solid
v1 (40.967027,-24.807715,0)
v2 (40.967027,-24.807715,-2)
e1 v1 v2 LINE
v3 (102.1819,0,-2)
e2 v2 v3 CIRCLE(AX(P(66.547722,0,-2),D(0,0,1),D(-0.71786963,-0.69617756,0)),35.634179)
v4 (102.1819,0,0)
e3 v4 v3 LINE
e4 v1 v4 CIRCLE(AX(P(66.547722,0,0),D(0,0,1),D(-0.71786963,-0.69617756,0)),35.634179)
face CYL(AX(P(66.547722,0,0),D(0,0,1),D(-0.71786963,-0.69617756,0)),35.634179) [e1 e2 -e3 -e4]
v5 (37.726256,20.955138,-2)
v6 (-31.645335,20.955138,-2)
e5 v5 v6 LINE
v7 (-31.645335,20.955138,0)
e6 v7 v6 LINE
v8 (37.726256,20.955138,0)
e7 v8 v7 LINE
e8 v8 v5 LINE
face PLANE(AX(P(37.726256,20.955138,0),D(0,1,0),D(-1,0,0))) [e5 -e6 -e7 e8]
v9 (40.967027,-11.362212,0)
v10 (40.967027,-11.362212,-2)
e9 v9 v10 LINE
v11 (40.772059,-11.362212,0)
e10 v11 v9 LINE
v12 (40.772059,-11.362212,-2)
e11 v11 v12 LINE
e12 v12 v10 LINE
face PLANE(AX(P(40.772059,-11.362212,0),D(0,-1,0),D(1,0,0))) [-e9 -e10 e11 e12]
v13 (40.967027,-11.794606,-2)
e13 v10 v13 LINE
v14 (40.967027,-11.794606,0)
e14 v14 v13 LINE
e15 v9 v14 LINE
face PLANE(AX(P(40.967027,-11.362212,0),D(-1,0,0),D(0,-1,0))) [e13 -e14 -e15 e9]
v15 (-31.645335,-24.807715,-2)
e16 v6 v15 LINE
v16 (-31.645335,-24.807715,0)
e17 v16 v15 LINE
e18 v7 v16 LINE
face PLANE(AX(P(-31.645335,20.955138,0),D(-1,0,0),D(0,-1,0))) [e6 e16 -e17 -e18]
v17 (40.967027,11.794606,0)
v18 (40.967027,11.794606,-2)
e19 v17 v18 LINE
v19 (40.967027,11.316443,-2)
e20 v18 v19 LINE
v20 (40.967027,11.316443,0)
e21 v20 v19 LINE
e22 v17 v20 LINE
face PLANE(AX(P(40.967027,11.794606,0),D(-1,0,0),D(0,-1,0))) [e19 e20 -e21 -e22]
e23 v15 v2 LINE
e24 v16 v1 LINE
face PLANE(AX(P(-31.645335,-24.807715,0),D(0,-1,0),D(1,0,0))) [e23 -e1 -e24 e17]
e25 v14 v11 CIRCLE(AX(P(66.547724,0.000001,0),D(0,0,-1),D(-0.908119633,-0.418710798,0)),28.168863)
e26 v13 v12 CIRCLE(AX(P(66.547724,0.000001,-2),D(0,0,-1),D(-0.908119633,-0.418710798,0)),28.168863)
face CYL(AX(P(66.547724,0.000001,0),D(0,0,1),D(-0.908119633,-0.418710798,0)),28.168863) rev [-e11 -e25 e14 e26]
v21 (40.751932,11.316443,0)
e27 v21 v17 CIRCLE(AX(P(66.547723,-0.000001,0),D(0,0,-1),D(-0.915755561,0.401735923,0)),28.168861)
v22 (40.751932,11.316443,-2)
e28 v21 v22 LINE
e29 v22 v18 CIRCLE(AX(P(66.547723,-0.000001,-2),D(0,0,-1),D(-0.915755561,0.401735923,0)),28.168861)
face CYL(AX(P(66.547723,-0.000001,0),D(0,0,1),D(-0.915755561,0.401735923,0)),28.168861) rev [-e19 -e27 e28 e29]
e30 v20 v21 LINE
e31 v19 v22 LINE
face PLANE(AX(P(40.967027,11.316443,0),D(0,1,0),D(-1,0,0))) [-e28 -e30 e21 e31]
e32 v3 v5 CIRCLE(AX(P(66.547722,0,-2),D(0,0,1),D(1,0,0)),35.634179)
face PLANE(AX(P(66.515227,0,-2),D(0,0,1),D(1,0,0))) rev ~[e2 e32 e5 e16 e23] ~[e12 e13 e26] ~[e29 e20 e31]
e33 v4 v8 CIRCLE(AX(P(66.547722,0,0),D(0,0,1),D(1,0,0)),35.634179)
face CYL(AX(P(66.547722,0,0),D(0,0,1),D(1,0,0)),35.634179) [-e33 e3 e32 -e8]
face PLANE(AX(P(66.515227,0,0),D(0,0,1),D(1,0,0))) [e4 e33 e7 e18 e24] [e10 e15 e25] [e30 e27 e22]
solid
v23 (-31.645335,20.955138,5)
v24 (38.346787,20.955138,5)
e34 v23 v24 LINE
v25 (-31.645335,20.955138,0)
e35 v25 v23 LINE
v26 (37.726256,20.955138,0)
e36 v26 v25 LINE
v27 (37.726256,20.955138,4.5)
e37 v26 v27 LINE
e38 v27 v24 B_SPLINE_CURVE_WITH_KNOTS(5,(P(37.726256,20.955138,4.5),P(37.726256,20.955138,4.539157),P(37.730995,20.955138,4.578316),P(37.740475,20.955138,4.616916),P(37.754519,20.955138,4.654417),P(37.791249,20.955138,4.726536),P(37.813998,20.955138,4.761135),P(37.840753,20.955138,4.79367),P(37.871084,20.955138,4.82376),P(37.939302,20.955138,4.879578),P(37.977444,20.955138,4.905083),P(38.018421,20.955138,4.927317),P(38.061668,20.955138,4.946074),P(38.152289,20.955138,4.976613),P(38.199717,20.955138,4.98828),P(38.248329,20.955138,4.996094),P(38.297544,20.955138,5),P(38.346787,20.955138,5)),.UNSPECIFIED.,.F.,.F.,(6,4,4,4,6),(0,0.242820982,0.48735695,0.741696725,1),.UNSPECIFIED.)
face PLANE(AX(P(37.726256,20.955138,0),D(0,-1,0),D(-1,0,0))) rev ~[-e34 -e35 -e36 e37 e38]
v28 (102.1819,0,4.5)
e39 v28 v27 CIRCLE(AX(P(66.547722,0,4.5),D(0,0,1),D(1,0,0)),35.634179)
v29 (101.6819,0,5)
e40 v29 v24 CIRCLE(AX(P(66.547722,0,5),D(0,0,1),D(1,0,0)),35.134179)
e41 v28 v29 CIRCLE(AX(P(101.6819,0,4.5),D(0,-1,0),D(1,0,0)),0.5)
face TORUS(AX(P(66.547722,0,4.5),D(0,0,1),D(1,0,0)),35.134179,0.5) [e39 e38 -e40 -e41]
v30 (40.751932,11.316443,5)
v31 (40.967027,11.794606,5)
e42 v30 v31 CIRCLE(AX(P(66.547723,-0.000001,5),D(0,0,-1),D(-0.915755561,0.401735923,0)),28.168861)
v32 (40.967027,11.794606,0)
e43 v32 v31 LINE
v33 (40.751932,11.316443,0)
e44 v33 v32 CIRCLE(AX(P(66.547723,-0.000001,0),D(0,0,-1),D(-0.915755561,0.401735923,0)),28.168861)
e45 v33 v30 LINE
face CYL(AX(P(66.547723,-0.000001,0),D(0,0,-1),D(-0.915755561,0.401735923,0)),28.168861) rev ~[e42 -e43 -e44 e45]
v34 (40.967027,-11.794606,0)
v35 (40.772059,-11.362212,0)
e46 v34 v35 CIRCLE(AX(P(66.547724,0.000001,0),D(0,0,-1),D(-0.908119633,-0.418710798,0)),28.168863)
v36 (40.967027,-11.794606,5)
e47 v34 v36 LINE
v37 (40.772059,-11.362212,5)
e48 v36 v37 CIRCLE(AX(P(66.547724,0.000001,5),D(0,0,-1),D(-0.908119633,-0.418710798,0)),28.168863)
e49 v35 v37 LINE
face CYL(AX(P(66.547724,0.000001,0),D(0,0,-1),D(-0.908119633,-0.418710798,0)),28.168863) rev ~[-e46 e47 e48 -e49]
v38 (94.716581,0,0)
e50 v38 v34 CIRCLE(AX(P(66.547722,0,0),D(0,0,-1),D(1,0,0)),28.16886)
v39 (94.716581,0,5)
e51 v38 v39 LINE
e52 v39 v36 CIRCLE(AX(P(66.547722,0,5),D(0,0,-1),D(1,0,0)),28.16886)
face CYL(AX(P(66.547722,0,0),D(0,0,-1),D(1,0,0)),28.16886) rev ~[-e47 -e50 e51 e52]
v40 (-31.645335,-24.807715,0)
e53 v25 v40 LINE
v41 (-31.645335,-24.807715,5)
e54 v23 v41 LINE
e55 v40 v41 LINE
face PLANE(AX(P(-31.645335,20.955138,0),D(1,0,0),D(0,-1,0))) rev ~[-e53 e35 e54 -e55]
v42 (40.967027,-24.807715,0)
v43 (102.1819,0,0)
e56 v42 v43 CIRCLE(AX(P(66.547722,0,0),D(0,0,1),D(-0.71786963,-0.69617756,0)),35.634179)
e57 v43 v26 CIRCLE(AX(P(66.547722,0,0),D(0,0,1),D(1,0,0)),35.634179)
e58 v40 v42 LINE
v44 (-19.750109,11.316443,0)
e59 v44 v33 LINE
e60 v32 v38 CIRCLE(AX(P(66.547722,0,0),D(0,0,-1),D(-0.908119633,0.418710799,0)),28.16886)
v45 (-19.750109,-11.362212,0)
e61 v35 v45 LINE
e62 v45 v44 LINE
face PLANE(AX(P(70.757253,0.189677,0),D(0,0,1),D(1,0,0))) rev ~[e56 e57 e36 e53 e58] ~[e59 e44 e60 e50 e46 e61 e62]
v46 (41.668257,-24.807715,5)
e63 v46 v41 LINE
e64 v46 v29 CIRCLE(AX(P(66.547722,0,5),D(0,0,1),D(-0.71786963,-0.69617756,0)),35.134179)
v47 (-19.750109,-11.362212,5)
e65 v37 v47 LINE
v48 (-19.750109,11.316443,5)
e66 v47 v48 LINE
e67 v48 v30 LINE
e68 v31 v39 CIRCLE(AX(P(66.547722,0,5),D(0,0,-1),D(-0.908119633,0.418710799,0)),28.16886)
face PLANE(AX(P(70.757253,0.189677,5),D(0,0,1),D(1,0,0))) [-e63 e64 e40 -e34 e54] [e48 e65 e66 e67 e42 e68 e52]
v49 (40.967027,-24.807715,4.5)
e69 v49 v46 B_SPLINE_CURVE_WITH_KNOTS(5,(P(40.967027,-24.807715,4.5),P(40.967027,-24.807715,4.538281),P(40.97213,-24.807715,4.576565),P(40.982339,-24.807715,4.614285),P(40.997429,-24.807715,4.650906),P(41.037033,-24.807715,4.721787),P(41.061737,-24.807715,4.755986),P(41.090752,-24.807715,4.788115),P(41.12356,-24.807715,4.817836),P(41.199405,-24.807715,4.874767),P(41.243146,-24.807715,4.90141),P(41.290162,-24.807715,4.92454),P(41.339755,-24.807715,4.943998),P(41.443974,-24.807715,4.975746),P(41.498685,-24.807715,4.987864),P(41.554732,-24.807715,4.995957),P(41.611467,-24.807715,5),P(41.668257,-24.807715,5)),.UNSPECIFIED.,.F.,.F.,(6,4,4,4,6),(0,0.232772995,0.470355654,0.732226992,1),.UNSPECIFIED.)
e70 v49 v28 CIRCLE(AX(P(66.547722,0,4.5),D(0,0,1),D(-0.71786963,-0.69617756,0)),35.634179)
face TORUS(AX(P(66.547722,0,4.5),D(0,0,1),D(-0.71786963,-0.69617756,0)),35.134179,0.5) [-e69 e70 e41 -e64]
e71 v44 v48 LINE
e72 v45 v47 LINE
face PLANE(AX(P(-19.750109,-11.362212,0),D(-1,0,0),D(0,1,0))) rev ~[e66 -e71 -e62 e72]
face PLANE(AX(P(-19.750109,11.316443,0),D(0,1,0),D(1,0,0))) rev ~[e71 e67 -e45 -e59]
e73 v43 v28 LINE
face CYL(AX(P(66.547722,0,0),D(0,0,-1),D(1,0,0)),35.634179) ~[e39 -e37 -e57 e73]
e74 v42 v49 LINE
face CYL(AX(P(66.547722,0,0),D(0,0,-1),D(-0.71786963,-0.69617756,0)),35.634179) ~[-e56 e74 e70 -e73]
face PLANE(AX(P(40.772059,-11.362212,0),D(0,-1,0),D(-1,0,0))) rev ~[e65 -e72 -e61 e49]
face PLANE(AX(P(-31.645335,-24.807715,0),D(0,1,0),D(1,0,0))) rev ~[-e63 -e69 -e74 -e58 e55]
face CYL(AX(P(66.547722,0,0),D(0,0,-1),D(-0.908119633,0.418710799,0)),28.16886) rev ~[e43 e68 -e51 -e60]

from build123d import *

# Parameters (mm, degrees)
F1_DEPTH = 5
F2_DEPTH = 2
F3_R     = 0.5


with BuildPart() as f1:
    # F0 (on Top) → F1 (new body)
    with BuildSketch(Plane.XY):
        with BuildLine():
            Line((40.9670270449, -11.7946057751), (40.9670270449, -24.8077154982))
            ThreePointArc((40.9670270449, -24.8077154982), (79.9314364383, -33.0253063754), (102.1819002091, 0))
            ThreePointArc((102.1819002091, 0), (77.5651040623, 33.8882275669), (37.7262560363, 20.9551379085))
            Line((37.7262560363, 20.9551379085), (40.9670270449, 20.9551379085))
            Line((40.9670270449, 20.9551379085), (40.9670270449, 11.7946057751))
            ThreePointArc((40.9670270449, 11.7946057751), (72.5853396238, 27.5142114088), (94.7165813911, 0))
            ThreePointArc((94.7165813911, 0), (72.5853396238, -27.5142114088), (40.9670270449, -11.7946057751))
        make_face()
        with BuildLine():
            ThreePointArc((32.7735476611, -11.3622117788), (36.1183690598, -18.5431708699), (40.9670270449, -24.8077154982))
            Line((40.9670270449, -24.8077154982), (40.9670270449, -11.7946057751))
            ThreePointArc((40.9670270449, -11.7946057751), (40.868632708, -11.578819153), (40.7720586057, -11.3622117788))
            Line((40.7720586057, -11.3622117788), (32.7735476611, -11.3622117788))
        make_face()
        with BuildLine():
            Line((-31.6453352571, -24.8077154982), (40.9670270449, -24.8077154982))
            ThreePointArc((40.9670270449, -24.8077154982), (36.1183690598, -18.5431708699), (32.7735476611, -11.3622117788))
            Line((32.7735476611, -11.3622117788), (-19.7501089424, -11.3622117788))
            Line((-19.7501089424, -11.3622117788), (-19.7501089424, 11.3164428622))
            Line((-19.7501089424, 11.3164428622), (32.7581847179, 11.3164428622))
            ThreePointArc((32.7581847179, 11.3164428622), (34.8734336467, 16.3258740812), (37.7262560363, 20.9551379085))
            Line((37.7262560363, 20.9551379085), (-31.6453352571, 20.9551379085))
            Line((-31.6453352571, 20.9551379085), (-31.6453352571, -24.8077154982))
        make_face()
        with BuildLine():
            Line((40.9670270449, 20.9551379085), (37.7262560363, 20.9551379085))
            ThreePointArc((37.7262560363, 20.9551379085), (34.8734336467, 16.3258740812), (32.7581847179, 11.3164428622))
            Line((32.7581847179, 11.3164428622), (40.7519316287, 11.3164428622))
            ThreePointArc((40.7519316287, 11.3164428622), (40.8583667908, 11.5560247831), (40.9670270449, 11.7946057751))
            Line((40.9670270449, 11.7946057751), (40.9670270449, 20.9551379085))
        make_face()
    extrude(amount=F1_DEPTH)

    # F3
    f3_edges = [f1.edges().sort_by_distance(p)[0] for p in [
        (102.092882, 2.517188, 5),
    ]]
    fillet(f3_edges, radius=F3_R)


with BuildPart() as f2:
    # F0 (on Top) → F2 (new body)
    with BuildSketch(Plane.XY):
        with BuildLine():
            Line((40.9670270449, -11.3622117788), (40.9670270449, -11.7946057751))
            ThreePointArc((40.9670270449, -11.7946057751), (72.5853396238, -27.5142114088), (94.7165813911, 0))
            ThreePointArc((94.7165813911, 0), (72.5853396238, 27.5142114088), (40.9670270449, 11.7946057751))
            Line((40.9670270449, 11.7946057751), (40.9670270449, 11.3164428622))
            Line((40.9670270449, 11.3164428622), (40.9670270449, -11.3622117788))
        make_face()
        with BuildLine():
            Line((-19.7501089424, -11.3622117788), (32.7735476611, -11.3622117788))
            ThreePointArc((32.7735476611, -11.3622117788), (30.9135512158, -0.024139251), (32.7581847179, 11.3164428622))
            Line((32.7581847179, 11.3164428622), (-19.7501089424, 11.3164428622))
            Line((-19.7501089424, 11.3164428622), (-19.7501089424, -11.3622117788))
        make_face()
        with BuildLine():
            Line((40.7720586057, -11.3622117788), (40.9670270449, -11.3622117788))
            Line((40.9670270449, -11.3622117788), (40.9670270449, 11.3164428622))
            Line((40.9670270449, 11.3164428622), (40.7519316287, 11.3164428622))
            ThreePointArc((40.7519316287, 11.3164428622), (38.378872951, -0.0249994447), (40.7720586057, -11.3622117788))
        make_face()
        with BuildLine():
            ThreePointArc((32.7735476611, -11.3622117788), (36.1183690598, -18.5431708699), (40.9670270449, -24.8077154982))
            Line((40.9670270449, -24.8077154982), (40.9670270449, -11.7946057751))
            ThreePointArc((40.9670270449, -11.7946057751), (40.868632708, -11.578819153), (40.7720586057, -11.3622117788))
            Line((40.7720586057, -11.3622117788), (32.7735476611, -11.3622117788))
        make_face()
        with BuildLine():
            Line((-31.6453352571, -24.8077154982), (40.9670270449, -24.8077154982))
            ThreePointArc((40.9670270449, -24.8077154982), (36.1183690598, -18.5431708699), (32.7735476611, -11.3622117788))
            Line((32.7735476611, -11.3622117788), (-19.7501089424, -11.3622117788))
            Line((-19.7501089424, -11.3622117788), (-19.7501089424, 11.3164428622))
            Line((-19.7501089424, 11.3164428622), (32.7581847179, 11.3164428622))
            ThreePointArc((32.7581847179, 11.3164428622), (34.8734336467, 16.3258740812), (37.7262560363, 20.9551379085))
            Line((37.7262560363, 20.9551379085), (-31.6453352571, 20.9551379085))
            Line((-31.6453352571, 20.9551379085), (-31.6453352571, -24.8077154982))
        make_face()
        with BuildLine():
            Line((40.9670270449, 20.9551379085), (37.7262560363, 20.9551379085))
            ThreePointArc((37.7262560363, 20.9551379085), (34.8734336467, 16.3258740812), (32.7581847179, 11.3164428622))
            Line((32.7581847179, 11.3164428622), (40.7519316287, 11.3164428622))
            ThreePointArc((40.7519316287, 11.3164428622), (40.8583667908, 11.5560247831), (40.9670270449, 11.7946057751))
            Line((40.9670270449, 11.7946057751), (40.9670270449, 20.9551379085))
        make_face()
        with BuildLine():
            Line((40.9670270449, -11.7946057751), (40.9670270449, -24.8077154982))
            ThreePointArc((40.9670270449, -24.8077154982), (79.9314364383, -33.0253063754), (102.1819002091, 0))
            ThreePointArc((102.1819002091, 0), (77.5651040623, 33.8882275669), (37.7262560363, 20.9551379085))
            Line((37.7262560363, 20.9551379085), (40.9670270449, 20.9551379085))
            Line((40.9670270449, 20.9551379085), (40.9670270449, 11.7946057751))
            ThreePointArc((40.9670270449, 11.7946057751), (72.5853396238, 27.5142114088), (94.7165813911, 0))
            ThreePointArc((94.7165813911, 0), (72.5853396238, -27.5142114088), (40.9670270449, -11.7946057751))
        make_face()
        with BuildLine():
            ThreePointArc((32.7581847179, 11.3164428622), (30.9135512158, -0.024139251), (32.7735476611, -11.3622117788))
            Line((32.7735476611, -11.3622117788), (40.7720586057, -11.3622117788))
            ThreePointArc((40.7720586057, -11.3622117788), (38.378872951, -0.0249994447), (40.7519316287, 11.3164428622))
            Line((40.7519316287, 11.3164428622), (32.7581847179, 11.3164428622))
        make_face()
    extrude(amount=-F2_DEPTH)


solid = Compound([f1.part, f2.part])
